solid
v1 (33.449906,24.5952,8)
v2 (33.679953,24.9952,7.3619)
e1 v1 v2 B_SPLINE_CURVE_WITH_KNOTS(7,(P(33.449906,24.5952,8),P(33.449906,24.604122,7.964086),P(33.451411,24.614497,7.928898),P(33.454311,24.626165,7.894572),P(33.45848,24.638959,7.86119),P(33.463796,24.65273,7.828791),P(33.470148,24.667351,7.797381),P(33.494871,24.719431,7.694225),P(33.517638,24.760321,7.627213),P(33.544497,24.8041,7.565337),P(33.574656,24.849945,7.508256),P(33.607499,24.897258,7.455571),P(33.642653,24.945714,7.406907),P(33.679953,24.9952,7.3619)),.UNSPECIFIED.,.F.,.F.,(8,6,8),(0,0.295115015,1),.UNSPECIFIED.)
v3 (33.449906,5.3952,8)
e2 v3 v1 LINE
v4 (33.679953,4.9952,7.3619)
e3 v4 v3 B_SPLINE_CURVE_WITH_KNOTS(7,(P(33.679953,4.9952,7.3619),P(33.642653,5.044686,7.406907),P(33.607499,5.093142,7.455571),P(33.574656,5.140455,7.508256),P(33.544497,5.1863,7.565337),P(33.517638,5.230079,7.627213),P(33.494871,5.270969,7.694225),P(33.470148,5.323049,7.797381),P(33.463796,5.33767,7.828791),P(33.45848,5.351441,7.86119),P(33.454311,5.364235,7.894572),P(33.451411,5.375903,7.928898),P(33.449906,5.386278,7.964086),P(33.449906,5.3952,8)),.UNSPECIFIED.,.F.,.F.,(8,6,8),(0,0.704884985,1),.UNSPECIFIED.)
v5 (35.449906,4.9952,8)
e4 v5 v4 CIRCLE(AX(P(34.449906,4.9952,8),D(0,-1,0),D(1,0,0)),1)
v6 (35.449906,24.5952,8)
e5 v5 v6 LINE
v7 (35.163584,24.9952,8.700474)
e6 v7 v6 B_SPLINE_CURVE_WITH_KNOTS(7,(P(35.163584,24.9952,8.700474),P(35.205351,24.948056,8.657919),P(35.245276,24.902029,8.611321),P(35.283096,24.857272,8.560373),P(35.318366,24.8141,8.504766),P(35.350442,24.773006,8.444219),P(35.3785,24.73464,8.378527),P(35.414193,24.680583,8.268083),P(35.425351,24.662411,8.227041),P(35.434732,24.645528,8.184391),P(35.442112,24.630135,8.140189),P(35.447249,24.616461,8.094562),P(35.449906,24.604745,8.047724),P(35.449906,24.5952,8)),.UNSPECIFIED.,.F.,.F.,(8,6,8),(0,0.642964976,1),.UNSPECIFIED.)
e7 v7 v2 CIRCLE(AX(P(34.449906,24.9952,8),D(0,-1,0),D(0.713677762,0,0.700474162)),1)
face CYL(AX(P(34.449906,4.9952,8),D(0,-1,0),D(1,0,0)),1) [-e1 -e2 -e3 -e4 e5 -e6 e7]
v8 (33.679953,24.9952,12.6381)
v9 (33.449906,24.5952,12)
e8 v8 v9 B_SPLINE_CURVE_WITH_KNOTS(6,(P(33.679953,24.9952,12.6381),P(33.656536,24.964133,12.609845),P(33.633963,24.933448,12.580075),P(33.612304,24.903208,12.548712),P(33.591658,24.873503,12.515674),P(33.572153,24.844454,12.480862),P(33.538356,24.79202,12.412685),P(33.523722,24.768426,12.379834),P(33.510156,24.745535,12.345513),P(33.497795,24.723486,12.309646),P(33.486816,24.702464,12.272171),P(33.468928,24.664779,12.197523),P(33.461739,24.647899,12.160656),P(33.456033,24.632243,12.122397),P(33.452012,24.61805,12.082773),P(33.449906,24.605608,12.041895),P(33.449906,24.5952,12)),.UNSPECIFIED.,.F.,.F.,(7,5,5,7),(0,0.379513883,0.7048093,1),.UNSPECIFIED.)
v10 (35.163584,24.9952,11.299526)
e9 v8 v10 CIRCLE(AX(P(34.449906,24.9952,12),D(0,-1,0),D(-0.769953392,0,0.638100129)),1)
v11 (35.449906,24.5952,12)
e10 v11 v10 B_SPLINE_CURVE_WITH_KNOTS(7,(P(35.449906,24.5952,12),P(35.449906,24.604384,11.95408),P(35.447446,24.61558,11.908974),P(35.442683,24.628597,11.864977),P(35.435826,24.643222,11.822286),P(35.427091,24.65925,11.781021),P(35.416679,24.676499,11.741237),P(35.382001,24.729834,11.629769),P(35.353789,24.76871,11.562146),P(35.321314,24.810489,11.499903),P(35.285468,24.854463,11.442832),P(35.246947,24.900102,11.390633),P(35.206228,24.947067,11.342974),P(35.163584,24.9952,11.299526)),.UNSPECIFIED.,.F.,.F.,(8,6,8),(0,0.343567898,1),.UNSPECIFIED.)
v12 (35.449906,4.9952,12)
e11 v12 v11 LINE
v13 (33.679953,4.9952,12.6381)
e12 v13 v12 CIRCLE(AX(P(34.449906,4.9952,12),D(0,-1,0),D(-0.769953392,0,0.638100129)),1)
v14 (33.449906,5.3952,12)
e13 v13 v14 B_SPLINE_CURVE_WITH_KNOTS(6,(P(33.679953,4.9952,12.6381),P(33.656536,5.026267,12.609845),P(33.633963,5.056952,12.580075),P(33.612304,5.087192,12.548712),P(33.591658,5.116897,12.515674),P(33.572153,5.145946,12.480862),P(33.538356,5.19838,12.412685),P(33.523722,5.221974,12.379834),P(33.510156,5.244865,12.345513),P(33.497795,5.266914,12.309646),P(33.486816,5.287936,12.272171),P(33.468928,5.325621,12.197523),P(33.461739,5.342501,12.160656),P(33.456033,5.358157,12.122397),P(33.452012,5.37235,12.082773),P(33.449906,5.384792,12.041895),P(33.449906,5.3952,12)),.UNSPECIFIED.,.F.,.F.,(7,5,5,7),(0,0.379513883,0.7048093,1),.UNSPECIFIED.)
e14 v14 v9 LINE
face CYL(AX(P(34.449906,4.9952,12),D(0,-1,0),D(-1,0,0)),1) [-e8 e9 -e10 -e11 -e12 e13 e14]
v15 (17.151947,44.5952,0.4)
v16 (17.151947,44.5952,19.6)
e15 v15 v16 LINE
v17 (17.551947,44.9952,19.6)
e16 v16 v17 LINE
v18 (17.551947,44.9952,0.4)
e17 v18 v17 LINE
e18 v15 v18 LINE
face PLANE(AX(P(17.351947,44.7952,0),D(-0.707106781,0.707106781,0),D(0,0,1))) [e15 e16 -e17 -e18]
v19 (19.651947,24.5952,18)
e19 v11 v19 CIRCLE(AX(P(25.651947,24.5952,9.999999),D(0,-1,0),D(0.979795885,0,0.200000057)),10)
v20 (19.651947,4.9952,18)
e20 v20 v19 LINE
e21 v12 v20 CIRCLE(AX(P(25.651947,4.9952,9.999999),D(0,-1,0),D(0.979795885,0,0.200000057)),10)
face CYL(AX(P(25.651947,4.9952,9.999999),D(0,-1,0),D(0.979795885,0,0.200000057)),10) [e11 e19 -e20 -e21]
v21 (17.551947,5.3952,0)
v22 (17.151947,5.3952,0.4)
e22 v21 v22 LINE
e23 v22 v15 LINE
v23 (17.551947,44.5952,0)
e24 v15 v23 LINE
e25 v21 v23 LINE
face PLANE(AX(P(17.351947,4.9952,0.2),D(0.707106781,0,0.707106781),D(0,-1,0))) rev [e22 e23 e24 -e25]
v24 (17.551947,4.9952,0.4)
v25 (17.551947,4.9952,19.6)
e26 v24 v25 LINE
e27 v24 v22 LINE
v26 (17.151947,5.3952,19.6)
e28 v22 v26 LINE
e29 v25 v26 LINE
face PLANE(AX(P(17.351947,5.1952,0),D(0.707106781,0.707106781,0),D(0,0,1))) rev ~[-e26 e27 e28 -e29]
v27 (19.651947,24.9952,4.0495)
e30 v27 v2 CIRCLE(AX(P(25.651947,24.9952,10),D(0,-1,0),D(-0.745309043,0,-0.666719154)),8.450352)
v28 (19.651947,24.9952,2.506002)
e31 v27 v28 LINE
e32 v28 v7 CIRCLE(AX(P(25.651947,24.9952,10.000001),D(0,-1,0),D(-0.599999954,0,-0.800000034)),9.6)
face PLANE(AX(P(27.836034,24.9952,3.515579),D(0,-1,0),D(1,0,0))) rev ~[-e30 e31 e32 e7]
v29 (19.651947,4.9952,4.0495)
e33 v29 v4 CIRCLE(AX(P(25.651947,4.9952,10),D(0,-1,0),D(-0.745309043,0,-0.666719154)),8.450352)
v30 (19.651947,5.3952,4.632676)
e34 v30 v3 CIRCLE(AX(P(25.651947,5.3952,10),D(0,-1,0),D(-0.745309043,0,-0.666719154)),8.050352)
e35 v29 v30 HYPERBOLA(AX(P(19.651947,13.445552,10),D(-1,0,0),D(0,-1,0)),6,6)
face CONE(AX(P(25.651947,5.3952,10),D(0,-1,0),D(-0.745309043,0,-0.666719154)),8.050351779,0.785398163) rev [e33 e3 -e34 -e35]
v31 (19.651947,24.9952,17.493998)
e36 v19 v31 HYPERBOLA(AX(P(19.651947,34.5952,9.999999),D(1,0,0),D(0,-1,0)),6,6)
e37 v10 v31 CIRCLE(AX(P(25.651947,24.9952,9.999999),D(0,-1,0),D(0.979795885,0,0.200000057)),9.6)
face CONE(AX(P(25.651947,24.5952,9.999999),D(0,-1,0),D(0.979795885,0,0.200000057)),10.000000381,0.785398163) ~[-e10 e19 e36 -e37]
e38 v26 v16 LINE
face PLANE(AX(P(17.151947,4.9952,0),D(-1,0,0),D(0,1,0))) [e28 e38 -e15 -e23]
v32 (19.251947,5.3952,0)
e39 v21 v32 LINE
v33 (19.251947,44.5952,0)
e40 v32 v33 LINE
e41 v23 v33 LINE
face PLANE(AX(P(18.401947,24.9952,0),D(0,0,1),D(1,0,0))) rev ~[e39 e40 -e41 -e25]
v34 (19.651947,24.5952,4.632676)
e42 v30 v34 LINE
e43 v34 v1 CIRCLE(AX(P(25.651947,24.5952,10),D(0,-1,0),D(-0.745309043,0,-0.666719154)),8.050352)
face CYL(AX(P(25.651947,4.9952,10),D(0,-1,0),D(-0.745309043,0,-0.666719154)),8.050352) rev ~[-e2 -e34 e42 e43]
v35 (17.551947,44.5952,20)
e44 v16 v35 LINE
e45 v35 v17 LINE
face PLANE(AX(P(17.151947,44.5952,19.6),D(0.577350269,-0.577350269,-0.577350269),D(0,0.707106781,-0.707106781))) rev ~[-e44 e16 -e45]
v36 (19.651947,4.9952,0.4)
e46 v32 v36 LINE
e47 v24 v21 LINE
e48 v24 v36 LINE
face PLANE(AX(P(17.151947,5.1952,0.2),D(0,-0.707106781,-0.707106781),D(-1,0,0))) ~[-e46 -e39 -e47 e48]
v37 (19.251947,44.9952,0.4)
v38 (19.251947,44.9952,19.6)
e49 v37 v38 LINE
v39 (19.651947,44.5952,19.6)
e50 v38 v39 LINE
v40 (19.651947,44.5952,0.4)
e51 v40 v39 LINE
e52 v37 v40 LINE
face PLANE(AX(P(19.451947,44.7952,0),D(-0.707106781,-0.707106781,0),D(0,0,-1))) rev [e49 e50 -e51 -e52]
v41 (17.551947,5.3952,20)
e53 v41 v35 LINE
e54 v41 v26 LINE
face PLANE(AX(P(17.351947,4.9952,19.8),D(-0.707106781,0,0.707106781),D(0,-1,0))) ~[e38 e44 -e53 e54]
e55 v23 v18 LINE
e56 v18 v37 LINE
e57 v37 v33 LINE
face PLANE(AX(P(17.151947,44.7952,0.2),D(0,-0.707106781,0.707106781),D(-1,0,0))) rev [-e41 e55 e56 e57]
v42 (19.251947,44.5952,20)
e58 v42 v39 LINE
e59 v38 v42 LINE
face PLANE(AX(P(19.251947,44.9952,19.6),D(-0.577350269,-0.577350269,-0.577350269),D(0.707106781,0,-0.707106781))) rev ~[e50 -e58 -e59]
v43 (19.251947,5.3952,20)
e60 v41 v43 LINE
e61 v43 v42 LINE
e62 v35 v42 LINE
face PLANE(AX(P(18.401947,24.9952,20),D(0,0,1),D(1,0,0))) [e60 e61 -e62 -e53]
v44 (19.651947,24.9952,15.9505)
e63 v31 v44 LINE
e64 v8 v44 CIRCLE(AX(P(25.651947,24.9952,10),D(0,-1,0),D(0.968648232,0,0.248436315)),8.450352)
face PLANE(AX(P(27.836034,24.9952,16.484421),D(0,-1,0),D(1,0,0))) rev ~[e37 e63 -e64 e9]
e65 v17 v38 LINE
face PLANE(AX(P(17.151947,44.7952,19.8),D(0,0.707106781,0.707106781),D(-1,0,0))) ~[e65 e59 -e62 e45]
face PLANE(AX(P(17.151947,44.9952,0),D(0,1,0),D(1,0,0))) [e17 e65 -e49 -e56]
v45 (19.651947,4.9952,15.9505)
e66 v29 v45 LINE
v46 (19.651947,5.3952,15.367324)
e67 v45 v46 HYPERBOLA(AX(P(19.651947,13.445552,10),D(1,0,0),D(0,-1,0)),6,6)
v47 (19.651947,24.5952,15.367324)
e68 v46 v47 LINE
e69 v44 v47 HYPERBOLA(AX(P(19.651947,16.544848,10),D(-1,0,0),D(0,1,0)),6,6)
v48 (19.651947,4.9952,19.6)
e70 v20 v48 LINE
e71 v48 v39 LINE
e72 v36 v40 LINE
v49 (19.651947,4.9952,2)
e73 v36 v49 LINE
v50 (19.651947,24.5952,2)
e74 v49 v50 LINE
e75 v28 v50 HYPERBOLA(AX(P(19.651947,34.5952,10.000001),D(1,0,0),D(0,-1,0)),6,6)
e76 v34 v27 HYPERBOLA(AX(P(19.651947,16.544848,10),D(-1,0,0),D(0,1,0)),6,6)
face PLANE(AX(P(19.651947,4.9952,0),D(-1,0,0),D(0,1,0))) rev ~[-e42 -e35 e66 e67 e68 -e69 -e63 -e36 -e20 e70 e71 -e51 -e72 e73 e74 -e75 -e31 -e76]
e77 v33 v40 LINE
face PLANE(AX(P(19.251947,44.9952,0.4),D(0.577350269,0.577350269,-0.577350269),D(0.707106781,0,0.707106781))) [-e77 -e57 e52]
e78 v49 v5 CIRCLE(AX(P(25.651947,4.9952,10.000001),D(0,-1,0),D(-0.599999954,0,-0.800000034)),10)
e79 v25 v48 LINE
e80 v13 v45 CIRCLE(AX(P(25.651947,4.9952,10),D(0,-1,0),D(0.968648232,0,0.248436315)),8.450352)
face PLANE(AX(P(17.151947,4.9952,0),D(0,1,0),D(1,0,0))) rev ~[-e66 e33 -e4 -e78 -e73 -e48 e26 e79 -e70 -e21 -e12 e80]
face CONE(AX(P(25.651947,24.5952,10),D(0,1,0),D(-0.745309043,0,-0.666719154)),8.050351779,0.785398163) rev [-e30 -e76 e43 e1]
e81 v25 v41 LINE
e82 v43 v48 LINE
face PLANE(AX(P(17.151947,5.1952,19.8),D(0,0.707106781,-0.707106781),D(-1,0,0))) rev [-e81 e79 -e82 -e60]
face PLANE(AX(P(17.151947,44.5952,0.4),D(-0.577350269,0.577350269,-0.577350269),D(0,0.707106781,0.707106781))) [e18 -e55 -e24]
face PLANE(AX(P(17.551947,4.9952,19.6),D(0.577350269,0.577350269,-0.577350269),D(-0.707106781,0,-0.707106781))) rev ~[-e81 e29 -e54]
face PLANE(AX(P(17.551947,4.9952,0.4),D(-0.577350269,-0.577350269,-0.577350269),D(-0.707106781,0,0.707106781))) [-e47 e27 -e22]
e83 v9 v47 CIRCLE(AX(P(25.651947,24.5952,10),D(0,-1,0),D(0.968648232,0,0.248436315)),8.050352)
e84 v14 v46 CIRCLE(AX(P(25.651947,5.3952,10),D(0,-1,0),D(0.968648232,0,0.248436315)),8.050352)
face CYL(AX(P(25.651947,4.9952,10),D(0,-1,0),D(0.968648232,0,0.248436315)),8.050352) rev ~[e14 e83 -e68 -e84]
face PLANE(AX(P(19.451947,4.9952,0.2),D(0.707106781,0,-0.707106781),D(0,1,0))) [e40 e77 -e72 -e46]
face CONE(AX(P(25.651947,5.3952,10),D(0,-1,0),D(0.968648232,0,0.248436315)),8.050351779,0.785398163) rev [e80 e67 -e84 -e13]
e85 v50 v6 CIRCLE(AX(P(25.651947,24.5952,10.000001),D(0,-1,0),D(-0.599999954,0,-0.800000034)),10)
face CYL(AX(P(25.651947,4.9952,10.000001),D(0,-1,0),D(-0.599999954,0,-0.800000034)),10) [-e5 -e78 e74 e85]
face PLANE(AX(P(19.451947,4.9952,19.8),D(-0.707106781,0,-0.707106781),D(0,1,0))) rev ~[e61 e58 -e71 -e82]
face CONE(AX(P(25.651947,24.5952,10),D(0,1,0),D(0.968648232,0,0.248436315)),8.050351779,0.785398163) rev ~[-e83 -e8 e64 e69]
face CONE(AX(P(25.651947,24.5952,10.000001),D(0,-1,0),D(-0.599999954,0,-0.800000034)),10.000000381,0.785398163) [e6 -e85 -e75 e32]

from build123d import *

# Parameters (mm, degrees)
SKETCH001_W     = 2.5
SKETCH001_H     = 40
PAD001_DEPTH    = 20
PAD002_DEPTH    = 20
CHAMFER001_SIZE = 0.4


with BuildPart() as part:
    # Sketch001 → Pad001 (new body)
    with BuildSketch(Plane.XY):
        with Locations((18.401947, 24.9952)):
            Rectangle(SKETCH001_W, SKETCH001_H)
    extrude(amount=PAD001_DEPTH)

    # Sketch002 (on Face4 of Pad001) → Pad002 (join)
    with BuildSketch(Plane.XZ.offset(-4.9952)):
        with BuildLine():
            ThreePointArc((35.449906, 12), (29.202457, 19.348469), (19.651947, 18))
            Line((19.651947, 18), (19.651947, 15.367324))
            ThreePointArc((33.449906, 12), (27.56058, 17.820824), (19.651947, 15.367324))
            ThreePointArc((33.449906, 12), (34.449906, 11), (35.449906, 12))
        make_face()
        with BuildLine():
            ThreePointArc((19.651947, 2), (29.202457, 0.651531), (35.449906, 8))
            ThreePointArc((35.449906, 8), (34.449906, 9), (33.449906, 8))
            ThreePointArc((19.651947, 4.632676), (27.56058, 2.179176), (33.449906, 8))
            Line((19.651947, 4.632676), (19.651947, 2))
        make_face()
    extrude(amount=-PAD002_DEPTH)

    # Chamfer001
    chamfer001_edges = [part.edges().sort_by_distance(p)[0] for p in [
        (19.651947, 24.9952, 20),
        (18.401947, 44.9952, 20),
        (17.151947, 24.9952, 20),
        (18.401947, 4.9952, 20),
        (19.651947, 24.9952, 0),
        (18.401947, 44.9952, 0),
        (17.151947, 24.9952, 0),
        (18.401947, 4.9952, 0),
        (19.651947, 44.9952, 10),
        (17.151947, 44.9952, 10),
        (17.151947, 4.9952, 10),
        (29.202457, 24.9952, 19.348469),
        (29.202457, 24.9952, 0.651531),
        (27.56058, 24.9952, 17.820824),
        (27.56058, 24.9952, 2.179176),
        (27.56058, 4.9952, 17.820824),
        (27.56058, 4.9952, 2.179176),
    ]]
    chamfer(chamfer001_edges, length=CHAMFER001_SIZE)


solid = part.part
